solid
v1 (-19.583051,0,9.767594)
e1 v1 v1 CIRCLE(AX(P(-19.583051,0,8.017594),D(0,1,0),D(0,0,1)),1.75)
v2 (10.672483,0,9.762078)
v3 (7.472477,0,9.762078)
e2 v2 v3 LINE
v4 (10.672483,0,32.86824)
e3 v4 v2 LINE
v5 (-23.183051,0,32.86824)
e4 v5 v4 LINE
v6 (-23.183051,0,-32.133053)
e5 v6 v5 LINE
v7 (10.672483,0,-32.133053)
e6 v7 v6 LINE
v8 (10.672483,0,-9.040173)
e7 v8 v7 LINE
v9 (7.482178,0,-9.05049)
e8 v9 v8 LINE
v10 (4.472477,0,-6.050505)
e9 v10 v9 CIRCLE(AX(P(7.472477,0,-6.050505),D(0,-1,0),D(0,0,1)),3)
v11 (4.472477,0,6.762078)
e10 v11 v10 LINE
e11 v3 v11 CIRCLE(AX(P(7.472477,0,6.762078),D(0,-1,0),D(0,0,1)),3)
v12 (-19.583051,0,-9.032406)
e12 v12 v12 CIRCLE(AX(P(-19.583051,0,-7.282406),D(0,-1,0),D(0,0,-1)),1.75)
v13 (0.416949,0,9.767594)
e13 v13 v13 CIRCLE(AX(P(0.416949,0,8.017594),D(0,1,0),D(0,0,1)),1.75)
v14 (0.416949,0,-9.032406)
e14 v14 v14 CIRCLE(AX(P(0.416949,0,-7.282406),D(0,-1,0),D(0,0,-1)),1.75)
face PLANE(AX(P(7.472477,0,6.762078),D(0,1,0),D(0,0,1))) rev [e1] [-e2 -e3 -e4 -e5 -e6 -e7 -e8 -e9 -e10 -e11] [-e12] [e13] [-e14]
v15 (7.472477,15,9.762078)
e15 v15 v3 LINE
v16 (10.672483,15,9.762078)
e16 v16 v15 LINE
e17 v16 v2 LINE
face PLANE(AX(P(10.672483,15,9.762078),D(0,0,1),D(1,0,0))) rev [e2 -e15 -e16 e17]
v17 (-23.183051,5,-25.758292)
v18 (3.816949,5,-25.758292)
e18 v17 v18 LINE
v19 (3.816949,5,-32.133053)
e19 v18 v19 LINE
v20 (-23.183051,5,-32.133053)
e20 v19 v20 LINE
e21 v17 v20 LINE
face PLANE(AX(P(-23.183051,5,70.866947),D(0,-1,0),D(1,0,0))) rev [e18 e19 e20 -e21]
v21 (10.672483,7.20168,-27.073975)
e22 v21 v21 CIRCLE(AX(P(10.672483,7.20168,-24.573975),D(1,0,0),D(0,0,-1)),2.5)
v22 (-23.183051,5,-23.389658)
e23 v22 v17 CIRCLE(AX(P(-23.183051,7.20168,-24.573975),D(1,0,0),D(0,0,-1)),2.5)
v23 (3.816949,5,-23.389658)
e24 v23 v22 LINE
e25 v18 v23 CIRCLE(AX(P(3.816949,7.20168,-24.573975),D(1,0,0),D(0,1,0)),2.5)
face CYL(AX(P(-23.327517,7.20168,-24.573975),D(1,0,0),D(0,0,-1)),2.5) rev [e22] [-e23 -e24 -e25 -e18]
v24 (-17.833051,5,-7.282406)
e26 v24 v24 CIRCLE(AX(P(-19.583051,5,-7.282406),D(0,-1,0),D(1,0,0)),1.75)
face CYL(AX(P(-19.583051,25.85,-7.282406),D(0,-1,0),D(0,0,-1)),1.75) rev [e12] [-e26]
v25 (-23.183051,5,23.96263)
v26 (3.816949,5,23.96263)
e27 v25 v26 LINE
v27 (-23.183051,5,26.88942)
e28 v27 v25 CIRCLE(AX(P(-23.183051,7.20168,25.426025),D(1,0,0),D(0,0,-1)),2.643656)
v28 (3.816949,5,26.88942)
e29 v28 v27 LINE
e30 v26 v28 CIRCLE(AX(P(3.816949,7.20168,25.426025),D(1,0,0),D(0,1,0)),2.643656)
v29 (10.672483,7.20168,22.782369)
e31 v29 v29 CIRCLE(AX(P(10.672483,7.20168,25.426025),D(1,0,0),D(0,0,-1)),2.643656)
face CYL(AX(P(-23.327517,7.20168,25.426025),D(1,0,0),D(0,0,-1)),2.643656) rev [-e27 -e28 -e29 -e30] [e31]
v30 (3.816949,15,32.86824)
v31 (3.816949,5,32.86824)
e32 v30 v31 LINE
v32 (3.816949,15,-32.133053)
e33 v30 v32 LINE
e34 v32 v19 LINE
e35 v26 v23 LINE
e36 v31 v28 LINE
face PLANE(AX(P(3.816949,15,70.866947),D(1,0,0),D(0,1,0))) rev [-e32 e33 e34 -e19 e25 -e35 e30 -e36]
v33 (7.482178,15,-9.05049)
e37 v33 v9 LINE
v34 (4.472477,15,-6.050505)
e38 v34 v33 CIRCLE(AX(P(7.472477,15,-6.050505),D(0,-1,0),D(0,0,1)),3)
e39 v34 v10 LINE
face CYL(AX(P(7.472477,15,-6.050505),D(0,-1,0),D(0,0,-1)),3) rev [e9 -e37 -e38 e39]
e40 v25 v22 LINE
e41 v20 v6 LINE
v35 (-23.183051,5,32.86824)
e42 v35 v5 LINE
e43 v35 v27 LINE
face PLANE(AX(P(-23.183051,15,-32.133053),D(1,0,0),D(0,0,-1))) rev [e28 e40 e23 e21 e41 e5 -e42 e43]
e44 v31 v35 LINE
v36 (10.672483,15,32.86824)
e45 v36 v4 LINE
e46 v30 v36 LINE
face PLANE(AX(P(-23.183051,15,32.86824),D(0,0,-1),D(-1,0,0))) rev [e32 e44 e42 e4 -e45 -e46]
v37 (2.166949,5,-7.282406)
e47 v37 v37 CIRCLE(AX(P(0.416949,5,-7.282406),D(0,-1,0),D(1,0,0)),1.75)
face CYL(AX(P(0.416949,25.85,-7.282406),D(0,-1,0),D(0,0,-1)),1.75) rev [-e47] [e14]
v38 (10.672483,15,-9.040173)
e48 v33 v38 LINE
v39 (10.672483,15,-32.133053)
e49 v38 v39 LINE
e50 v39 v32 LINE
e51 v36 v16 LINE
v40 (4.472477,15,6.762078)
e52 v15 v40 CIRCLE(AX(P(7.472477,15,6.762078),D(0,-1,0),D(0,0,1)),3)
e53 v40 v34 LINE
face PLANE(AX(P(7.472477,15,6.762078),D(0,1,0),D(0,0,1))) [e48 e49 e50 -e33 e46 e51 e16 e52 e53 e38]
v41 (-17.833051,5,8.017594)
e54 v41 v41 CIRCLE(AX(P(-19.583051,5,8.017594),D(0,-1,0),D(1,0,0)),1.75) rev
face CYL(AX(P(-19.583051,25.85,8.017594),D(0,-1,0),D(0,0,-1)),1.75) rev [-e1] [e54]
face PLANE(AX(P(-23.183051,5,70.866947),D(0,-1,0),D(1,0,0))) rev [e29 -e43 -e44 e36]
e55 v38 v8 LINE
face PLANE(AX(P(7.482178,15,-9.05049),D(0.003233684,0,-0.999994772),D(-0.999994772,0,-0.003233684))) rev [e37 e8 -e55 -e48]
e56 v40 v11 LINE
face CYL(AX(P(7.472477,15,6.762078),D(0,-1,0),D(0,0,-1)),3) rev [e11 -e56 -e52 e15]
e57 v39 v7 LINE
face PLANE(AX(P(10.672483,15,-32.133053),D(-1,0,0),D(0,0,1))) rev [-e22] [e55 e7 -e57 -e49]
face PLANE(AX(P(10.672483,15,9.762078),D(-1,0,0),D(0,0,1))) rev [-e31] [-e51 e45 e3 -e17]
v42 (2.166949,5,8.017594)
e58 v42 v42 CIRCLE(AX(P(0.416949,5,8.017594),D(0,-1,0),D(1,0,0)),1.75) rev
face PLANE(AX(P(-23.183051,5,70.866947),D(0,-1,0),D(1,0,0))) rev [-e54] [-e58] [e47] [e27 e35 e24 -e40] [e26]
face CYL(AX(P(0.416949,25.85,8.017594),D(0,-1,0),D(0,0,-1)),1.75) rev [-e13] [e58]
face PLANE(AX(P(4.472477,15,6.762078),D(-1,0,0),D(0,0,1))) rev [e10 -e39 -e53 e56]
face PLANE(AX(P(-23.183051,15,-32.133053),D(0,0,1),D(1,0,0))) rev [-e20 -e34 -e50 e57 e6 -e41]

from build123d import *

# Parameters (mm, degrees)
SALIENTE_EXTRUIR1_DEPTH = 15
CROQUIS3_W              = 27
CROQUIS3_H              = 10
CORTAR_EXTRUIR1_DEPTH   = 103
CROQUIS2_R              = 1.75
CORTAR_EXTRUIR2_DEPTH   = 25.85
CROQUIS4_R              = 2.5
CROQUIS4_R_2            = 2.643656248
CORTAR_EXTRUIR3_DEPTH   = 34


with BuildPart() as part:
    # Croquis1 → Saliente-Extruir1 (new body)
    with BuildSketch(Plane(origin=(0, 0, 0), x_dir=(1, 0, 0), z_dir=(0, 1, 0))):
        with BuildLine():
            Line((10.672482707, -9.762077578), (7.472477359, -9.762077578))
            ThreePointArc((7.472477359, -9.762077578), (5.351157015, -8.883397922), (4.472477359, -6.762077578))
            Line((4.472477359, -6.762077578), (4.472477359, 6.050505251))
            ThreePointArc((4.472477359, 6.050505251), (5.354589632, 8.175252666), (7.48217841, 9.050489566))
            Line((7.48217841, 9.050489566), (10.672482707, 9.040173078))
            Line((10.672482707, 9.040173078), (10.672482707, 32.133052813))
            Line((10.672482707, 32.133052813), (-23.183050508, 32.133052813))
            Line((-23.183050508, 32.133052813), (-23.183050508, -32.8682401))
            Line((-23.183050508, -32.8682401), (10.672482707, -32.8682401))
            Line((10.672482707, -32.8682401), (10.672482707, -9.762077578))
        make_face()
    extrude(amount=SALIENTE_EXTRUIR1_DEPTH)

    # Croquis3 → Cortar-Extruir1 (cut)
    with BuildSketch(Plane(origin=(0, 0, -32.133052813), x_dir=(-1, 0, 0), z_dir=(0, 0, -1))):
        with Locations((9.683050508, 10)):
            Rectangle(CROQUIS3_W, CROQUIS3_H)
    extrude(amount=-CORTAR_EXTRUIR1_DEPTH, mode=Mode.SUBTRACT)

    # Croquis2 → Cortar-Extruir2 (cut)
    with BuildSketch(Plane.XZ):
        with Locations(Location((0.416949492, -7.282406356, 0), (0, 0, 270))):
            Circle(CROQUIS2_R)
        with Locations(Location((-19.583050508, -7.282406356, 0), (0, 0, 270))):
            Circle(CROQUIS2_R)
        with Locations((-19.583050508, 8.017593644)):
            Circle(CROQUIS2_R)
        with Locations((0.416949492, 8.017593644)):
            Circle(CROQUIS2_R)
    extrude(amount=-CORTAR_EXTRUIR2_DEPTH, mode=Mode.SUBTRACT)

    # Croquis4 → Cortar-Extruir3 (cut)
    with BuildSketch(Plane(origin=(10.672482707, 0, 0), x_dir=(0, 0, -1), z_dir=(1, 0, 0))):
        with Locations((24.573974701, 7.201679741)):
            Circle(CROQUIS4_R)
        with Locations((-25.426025299, 7.201679741)):
            Circle(CROQUIS4_R_2)
    extrude(amount=-CORTAR_EXTRUIR3_DEPTH, mode=Mode.SUBTRACT)


solid = part.part
